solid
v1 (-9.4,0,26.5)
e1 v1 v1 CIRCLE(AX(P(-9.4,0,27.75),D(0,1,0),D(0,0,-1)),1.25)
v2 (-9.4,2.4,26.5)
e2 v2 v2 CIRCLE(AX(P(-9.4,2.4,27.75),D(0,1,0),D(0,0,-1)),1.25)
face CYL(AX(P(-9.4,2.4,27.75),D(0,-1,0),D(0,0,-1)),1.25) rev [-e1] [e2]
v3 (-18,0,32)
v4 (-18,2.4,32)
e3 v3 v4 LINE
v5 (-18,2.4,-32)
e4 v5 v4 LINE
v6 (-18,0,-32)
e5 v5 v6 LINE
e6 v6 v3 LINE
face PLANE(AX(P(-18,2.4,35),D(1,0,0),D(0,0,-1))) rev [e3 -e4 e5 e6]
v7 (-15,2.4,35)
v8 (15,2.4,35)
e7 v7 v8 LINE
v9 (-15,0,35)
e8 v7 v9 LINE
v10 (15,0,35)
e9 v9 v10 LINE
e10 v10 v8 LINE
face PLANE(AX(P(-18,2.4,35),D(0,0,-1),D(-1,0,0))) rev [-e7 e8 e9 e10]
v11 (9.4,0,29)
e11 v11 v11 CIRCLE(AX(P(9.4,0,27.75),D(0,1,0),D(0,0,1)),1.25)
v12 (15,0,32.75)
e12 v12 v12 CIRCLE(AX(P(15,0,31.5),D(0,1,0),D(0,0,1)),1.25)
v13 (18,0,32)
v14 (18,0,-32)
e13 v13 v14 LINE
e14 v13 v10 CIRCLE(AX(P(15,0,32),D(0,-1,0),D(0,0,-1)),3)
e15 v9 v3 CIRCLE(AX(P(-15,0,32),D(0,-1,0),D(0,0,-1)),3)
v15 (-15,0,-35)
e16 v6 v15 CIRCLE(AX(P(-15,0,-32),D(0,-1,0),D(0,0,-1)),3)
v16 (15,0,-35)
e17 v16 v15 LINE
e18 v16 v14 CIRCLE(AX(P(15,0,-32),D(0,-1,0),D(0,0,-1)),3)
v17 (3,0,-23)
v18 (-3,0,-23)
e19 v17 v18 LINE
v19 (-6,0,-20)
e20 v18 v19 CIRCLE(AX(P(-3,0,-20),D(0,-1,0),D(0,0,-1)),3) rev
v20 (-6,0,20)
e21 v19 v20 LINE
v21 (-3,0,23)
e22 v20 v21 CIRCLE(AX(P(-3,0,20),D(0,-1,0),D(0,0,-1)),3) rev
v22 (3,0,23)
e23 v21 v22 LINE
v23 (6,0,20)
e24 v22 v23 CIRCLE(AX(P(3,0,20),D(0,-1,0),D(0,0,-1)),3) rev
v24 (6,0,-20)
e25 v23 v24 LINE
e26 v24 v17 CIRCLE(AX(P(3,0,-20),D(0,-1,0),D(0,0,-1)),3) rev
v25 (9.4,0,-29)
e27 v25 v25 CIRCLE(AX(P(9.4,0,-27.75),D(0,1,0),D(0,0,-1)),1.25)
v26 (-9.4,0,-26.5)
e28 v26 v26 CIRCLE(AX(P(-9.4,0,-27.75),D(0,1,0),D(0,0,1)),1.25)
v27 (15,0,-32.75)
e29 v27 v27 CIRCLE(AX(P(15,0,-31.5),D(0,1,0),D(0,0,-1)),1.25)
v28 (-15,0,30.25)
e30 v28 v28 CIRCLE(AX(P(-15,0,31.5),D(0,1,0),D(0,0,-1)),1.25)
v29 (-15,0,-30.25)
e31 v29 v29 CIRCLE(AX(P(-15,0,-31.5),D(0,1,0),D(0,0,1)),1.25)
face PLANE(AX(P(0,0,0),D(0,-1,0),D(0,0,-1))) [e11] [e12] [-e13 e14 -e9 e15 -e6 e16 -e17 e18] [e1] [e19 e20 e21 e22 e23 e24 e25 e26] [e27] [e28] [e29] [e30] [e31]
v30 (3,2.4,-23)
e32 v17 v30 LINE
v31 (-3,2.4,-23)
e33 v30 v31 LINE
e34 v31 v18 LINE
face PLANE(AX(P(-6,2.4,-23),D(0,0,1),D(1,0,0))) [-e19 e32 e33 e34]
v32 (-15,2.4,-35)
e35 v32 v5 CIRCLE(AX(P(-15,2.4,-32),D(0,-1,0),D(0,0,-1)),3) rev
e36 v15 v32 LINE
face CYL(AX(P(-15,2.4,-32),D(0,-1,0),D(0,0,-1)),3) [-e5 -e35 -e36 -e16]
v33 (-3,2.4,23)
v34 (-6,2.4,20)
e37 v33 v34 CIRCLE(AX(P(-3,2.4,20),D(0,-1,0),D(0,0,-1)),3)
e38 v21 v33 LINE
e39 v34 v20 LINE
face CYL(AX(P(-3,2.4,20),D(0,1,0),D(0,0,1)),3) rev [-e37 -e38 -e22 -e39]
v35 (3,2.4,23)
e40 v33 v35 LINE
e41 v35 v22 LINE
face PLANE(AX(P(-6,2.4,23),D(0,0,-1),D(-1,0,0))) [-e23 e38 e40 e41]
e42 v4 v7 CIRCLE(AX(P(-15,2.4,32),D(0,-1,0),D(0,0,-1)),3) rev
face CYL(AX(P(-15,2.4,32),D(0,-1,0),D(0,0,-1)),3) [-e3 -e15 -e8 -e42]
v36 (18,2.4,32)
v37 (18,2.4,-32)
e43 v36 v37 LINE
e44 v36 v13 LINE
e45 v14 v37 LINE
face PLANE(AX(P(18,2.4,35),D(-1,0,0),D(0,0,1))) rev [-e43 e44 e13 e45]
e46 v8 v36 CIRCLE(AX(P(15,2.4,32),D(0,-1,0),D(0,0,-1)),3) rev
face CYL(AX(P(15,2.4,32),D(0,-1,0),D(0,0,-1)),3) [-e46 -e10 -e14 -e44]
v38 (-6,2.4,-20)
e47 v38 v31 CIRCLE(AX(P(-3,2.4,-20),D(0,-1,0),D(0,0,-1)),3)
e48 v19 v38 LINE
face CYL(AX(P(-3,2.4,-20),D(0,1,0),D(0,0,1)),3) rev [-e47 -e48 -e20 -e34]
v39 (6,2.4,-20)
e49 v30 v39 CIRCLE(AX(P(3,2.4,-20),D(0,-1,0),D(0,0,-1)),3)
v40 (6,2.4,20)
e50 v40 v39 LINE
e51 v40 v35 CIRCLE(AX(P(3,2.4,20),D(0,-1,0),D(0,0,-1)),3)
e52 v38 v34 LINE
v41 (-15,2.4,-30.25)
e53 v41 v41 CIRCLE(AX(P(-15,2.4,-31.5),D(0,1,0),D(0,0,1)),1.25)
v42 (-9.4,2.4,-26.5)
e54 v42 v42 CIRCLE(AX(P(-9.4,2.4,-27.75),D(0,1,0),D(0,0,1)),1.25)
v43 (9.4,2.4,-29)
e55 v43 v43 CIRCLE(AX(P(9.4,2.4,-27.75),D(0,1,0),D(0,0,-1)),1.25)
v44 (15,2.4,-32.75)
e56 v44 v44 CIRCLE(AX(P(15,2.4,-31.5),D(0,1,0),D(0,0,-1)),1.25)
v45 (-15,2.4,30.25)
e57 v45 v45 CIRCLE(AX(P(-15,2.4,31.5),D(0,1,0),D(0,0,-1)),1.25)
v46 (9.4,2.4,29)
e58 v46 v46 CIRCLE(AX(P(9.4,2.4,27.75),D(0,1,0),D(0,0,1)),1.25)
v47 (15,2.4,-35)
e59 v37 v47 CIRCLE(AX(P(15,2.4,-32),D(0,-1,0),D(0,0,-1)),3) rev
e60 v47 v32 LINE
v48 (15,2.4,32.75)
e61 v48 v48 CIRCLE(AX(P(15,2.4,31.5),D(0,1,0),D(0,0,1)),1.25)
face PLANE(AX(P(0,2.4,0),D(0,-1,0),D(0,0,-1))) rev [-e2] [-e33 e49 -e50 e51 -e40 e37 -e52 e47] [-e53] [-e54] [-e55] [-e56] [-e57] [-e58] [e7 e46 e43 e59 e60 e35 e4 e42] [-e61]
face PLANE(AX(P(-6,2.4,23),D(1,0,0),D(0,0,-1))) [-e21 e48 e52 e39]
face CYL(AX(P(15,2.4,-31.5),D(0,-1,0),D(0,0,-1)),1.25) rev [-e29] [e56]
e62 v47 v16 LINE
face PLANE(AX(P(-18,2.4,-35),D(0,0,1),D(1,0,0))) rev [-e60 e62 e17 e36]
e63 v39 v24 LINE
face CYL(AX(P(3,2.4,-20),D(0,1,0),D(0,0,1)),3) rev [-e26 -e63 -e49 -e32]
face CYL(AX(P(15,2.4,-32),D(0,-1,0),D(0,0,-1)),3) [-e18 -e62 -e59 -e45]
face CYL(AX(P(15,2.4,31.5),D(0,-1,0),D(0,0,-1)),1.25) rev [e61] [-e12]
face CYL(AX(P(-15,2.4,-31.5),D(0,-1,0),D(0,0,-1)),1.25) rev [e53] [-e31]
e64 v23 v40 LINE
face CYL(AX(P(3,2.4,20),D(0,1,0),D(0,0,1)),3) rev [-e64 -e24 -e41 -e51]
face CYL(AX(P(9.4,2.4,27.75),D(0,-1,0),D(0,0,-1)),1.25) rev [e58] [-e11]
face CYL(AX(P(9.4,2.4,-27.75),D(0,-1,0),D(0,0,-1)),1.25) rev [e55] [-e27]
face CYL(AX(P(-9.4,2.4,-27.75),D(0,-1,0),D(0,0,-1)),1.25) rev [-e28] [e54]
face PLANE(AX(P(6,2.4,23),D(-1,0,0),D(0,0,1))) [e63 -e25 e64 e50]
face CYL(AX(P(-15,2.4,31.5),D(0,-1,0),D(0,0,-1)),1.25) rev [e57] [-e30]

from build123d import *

# Parameters (mm, degrees)
SKETCH_1_W      = 36
SKETCH_1_H      = 70
SKETCH_1_R      = 1.25
SKETCH_1_W_2    = 12
SKETCH_1_H_2    = 46
EXTRUDE_1_DEPTH = 2.4
FILLET_1_R      = 3


with BuildPart() as part:
    # 草图1 → 凸台-拉伸1 (new body)
    with BuildSketch(Plane(origin=(0, 0, 0), x_dir=(1, 0, 0), z_dir=(0, 1, 0))):
        Rectangle(SKETCH_1_W, SKETCH_1_H)
        with Locations(Location((-9.4, 27.75, 0), (0, 0, 270))):
            Circle(SKETCH_1_R, mode=Mode.SUBTRACT)
        with Locations(Location((9.4, 27.75, 0), (0, 0, 90))):
            Circle(SKETCH_1_R, mode=Mode.SUBTRACT)
        with Locations(Location((9.4, -27.75, 0), (0, 0, 270))):
            Circle(SKETCH_1_R, mode=Mode.SUBTRACT)
        with Locations(Location((-9.4, -27.75, 0), (0, 0, 90))):
            Circle(SKETCH_1_R, mode=Mode.SUBTRACT)
        with Locations(Location((-15, 31.5, 0), (0, 0, 270))):
            Circle(SKETCH_1_R, mode=Mode.SUBTRACT)
        with Locations(Location((15, 31.5, 0), (0, 0, 90))):
            Circle(SKETCH_1_R, mode=Mode.SUBTRACT)
        with Locations(Location((-15, -31.5, 0), (0, 0, 90))):
            Circle(SKETCH_1_R, mode=Mode.SUBTRACT)
        with Locations(Location((15, -31.5, 0), (0, 0, 270))):
            Circle(SKETCH_1_R, mode=Mode.SUBTRACT)
        Rectangle(SKETCH_1_W_2, SKETCH_1_H_2, mode=Mode.SUBTRACT)
    extrude(amount=EXTRUDE_1_DEPTH)

    # 圆角1
    fillet_1_edges = [part.edges().sort_by_distance(p)[0] for p in [
        (-6, 1.2, 23),
        (6, 1.2, 23),
        (6, 1.2, -23),
        (-6, 1.2, -23),
        (18, 1.2, 35),
        (-18, 1.2, 35),
        (-18, 1.2, -35),
        (18, 1.2, -35),
    ]]
    fillet(fillet_1_edges, radius=FILLET_1_R)


solid = part.part
